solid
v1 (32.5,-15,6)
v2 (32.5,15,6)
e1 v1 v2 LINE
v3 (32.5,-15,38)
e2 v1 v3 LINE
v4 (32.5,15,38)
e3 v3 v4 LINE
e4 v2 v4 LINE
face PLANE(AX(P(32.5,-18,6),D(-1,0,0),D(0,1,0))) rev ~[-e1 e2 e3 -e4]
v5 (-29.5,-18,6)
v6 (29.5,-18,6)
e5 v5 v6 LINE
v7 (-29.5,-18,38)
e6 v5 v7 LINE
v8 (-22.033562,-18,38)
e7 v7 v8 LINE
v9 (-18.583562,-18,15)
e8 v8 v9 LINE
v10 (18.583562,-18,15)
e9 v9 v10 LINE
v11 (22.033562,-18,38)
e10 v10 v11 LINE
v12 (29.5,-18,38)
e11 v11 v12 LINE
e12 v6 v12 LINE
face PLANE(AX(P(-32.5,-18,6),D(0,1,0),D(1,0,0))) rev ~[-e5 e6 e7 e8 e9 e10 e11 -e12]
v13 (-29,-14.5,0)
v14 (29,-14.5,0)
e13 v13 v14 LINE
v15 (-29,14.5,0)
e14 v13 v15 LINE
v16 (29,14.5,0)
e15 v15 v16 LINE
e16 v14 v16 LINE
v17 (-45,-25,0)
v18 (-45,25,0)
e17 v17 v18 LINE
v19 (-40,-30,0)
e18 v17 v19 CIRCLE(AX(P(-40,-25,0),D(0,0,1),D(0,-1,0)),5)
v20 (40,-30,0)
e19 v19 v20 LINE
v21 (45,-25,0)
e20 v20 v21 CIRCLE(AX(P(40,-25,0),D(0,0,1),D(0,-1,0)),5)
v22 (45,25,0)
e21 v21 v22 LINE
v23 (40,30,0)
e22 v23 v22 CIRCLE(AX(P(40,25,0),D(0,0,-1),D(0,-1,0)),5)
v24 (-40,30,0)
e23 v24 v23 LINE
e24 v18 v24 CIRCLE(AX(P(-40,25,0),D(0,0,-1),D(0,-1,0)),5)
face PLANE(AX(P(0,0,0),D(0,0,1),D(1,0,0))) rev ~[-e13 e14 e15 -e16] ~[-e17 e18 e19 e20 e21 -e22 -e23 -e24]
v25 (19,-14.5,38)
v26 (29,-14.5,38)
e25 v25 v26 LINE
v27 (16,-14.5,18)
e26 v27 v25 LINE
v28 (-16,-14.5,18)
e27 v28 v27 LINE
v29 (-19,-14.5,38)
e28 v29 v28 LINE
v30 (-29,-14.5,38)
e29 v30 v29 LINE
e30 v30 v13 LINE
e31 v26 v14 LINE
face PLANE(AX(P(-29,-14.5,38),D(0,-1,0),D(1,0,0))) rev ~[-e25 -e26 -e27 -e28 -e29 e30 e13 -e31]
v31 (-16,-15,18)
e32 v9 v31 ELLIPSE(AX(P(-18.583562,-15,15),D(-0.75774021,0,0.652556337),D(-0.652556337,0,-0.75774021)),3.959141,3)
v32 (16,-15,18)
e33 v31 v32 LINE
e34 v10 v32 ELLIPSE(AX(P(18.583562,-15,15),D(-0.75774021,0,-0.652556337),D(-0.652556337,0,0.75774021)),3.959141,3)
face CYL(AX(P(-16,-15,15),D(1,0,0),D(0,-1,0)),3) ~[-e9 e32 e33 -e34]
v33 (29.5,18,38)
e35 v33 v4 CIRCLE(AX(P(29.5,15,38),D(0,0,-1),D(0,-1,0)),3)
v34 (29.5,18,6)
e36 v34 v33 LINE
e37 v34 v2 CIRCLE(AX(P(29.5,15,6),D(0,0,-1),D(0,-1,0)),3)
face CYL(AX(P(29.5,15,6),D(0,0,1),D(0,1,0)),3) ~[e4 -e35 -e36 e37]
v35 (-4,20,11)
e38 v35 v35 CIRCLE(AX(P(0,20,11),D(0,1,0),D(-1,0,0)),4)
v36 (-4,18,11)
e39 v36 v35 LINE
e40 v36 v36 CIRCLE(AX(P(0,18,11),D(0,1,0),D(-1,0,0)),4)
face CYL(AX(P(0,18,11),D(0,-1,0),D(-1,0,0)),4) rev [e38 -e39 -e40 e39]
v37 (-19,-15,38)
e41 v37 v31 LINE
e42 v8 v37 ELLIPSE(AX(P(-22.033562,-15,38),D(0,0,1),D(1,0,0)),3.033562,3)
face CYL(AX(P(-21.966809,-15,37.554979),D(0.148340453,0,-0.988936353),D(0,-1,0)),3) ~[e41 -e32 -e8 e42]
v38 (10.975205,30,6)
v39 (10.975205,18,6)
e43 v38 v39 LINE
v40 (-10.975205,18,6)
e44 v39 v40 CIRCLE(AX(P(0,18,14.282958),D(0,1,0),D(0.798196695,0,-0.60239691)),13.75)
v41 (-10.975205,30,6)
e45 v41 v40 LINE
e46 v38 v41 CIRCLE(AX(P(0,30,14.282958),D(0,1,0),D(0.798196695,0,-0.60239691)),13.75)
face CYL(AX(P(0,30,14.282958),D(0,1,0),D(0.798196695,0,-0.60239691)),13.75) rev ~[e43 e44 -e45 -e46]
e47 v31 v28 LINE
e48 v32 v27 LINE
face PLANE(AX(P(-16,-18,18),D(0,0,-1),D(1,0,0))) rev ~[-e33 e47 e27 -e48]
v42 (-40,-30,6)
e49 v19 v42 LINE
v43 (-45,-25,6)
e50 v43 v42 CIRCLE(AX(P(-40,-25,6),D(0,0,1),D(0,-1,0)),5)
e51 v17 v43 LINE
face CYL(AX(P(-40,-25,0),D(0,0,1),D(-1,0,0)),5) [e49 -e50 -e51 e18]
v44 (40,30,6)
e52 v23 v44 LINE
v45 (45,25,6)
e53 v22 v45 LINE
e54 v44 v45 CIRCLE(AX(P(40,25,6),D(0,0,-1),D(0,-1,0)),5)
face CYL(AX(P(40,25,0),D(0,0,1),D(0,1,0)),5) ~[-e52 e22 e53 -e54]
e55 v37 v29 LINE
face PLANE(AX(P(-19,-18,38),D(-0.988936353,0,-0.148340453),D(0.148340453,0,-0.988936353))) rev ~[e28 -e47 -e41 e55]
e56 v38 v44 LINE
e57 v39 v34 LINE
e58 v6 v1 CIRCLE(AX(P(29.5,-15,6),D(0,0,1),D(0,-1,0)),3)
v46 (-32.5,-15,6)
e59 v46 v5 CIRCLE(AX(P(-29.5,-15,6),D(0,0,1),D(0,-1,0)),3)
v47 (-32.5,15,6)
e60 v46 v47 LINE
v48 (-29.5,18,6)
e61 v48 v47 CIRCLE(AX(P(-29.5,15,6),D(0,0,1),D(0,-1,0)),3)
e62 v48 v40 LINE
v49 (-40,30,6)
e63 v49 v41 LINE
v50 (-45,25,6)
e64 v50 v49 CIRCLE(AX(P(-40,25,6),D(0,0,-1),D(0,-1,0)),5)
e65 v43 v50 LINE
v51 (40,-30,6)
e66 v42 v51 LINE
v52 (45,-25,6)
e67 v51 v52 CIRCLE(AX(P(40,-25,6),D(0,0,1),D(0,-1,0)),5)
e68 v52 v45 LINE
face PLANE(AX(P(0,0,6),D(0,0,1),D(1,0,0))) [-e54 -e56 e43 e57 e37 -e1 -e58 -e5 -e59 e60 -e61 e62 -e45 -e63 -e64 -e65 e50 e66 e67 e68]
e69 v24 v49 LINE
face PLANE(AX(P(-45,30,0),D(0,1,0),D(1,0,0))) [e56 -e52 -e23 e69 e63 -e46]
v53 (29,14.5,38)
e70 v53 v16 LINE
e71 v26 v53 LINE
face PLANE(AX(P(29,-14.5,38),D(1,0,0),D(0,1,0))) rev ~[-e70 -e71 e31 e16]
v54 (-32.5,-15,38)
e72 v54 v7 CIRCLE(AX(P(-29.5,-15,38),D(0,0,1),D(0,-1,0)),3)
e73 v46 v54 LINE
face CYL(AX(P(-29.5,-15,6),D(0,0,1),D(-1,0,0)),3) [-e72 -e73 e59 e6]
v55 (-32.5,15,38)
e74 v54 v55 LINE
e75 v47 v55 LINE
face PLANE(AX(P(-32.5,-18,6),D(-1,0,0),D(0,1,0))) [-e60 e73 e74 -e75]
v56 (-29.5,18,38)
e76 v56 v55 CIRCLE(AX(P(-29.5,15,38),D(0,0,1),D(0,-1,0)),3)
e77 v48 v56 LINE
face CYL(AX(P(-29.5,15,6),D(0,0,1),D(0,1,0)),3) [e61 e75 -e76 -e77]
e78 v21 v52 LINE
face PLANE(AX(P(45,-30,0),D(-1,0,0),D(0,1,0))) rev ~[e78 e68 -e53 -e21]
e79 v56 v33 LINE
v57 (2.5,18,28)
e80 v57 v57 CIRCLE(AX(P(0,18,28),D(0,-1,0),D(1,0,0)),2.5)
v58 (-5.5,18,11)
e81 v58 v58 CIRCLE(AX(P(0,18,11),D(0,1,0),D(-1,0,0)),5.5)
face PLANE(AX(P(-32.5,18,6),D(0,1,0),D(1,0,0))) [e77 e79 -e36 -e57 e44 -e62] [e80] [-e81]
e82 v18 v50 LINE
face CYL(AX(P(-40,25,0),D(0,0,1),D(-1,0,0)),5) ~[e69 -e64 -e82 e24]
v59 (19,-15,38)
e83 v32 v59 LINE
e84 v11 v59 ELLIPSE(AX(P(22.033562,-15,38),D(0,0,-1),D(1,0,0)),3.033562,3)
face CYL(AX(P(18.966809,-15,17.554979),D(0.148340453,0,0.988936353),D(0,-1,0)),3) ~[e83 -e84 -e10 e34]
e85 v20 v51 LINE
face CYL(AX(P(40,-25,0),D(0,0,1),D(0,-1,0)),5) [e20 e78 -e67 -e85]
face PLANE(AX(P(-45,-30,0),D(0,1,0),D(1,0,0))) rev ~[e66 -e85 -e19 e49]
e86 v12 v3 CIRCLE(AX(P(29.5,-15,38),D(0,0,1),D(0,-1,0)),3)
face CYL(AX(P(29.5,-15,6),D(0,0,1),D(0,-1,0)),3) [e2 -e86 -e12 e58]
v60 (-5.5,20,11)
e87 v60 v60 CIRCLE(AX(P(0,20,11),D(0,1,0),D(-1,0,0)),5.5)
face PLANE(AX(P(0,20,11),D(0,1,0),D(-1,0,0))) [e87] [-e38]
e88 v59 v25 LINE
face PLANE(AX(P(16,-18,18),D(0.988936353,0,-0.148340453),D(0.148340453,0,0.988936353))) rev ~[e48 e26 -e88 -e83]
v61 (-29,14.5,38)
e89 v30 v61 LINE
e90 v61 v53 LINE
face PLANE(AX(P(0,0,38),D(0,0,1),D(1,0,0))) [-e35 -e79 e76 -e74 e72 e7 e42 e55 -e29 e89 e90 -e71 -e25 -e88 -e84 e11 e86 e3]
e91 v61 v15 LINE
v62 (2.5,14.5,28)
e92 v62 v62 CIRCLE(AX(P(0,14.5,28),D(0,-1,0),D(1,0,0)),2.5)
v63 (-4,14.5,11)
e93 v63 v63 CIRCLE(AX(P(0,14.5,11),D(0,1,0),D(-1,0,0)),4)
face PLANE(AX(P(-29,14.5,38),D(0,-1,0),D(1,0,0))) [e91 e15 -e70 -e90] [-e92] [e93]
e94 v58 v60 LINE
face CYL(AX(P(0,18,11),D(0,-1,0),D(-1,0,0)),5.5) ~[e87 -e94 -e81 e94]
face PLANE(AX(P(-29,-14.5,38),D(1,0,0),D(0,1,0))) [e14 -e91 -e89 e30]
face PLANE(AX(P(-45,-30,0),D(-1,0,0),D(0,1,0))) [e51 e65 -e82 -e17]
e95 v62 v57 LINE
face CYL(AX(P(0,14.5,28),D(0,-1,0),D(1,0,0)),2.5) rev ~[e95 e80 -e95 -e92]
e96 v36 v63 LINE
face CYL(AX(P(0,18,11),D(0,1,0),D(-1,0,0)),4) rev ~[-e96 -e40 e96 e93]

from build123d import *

# Parameters (mm, degrees)
F0_W      = 90
F0_H      = 60
F1_DEPTH  = 6
F2_W      = 65
F2_H      = 36
F3_DEPTH  = 32
F4_W      = 58
F4_H      = 29
F5_DEPTH  = 38
F7_DEPTH  = 3.5
F8_R      = 2.5
F9_DEPTH  = 3.5
F11_DEPTH = 12
F12_R     = 5.5
F12_R_2   = 4
F13_DEPTH = 2
F14_DEPTH = 25
F15_R     = 5
F16_R     = 3


with BuildPart() as f1:
    # F0 (on Top) → F1 (new body)
    with BuildSketch(Plane.XY):
        Rectangle(F0_W, F0_H)
    extrude(amount=F1_DEPTH)

    # F2 (on face) → F3 (join)
    with BuildSketch(Plane.XY.offset(6)):
        Rectangle(F2_W, F2_H)
    extrude(amount=F3_DEPTH)

    # F4 (on face) → F5 (cut, through all)
    with BuildSketch(Plane.XY.offset(38)):
        Rectangle(F4_W, F4_H)
    extrude(amount=-F5_DEPTH, mode=Mode.SUBTRACT)

    # F6 (on face) → F7 (cut, through all)
    with BuildSketch(Plane.XZ.offset(18)):
        Polygon((19, 38), (-19, 38), (-16, 18), (0, 18), (16, 18), align=None)
    extrude(amount=-F7_DEPTH, mode=Mode.SUBTRACT)

    # F8 (on face) → F9 (cut, through all)
    with BuildSketch(Plane.XZ.offset(-14.5)):
        with Locations((0, 28)):
            Circle(F8_R)
    extrude(amount=-F9_DEPTH, mode=Mode.SUBTRACT)

    # F10 (on face) → F11 (cut, through all)
    with BuildSketch(Plane(origin=(0, 30, 0), x_dir=(-1, 0, 0), z_dir=(0, 1, 0))):
        with BuildLine():
            Line((10.9752045511, 6), (-10.9752045511, 6))
            ThreePointArc((-10.9752045511, 6), (0, 0.532957507), (10.9752045511, 6))
        make_face()
    extrude(amount=-F11_DEPTH, mode=Mode.SUBTRACT)

    # F12 (on face) → F13 (join)
    with BuildSketch(Plane(origin=(0, 18, 0), x_dir=(-1, 0, 0), z_dir=(0, 1, 0))):
        with Locations((0, 11)):
            Circle(F12_R)
        with Locations((0, 11)):
            Circle(F12_R_2, mode=Mode.SUBTRACT)
    extrude(amount=F13_DEPTH)

    # F14 (cut): a face of the model
    f14_faces = [f1.faces().sort_by_distance(p)[0] for p in [
        (0, 18, 11),
    ]]
    extrude(f14_faces, amount=-F14_DEPTH, mode=Mode.SUBTRACT)

    # F15
    f15_edges = [f1.edges().sort_by_distance(p)[0] for p in [
        (45, -30, 3),
        (45, 30, 3),
        (-45, -30, 3),
        (-45, 30, 3),
    ]]
    fillet(f15_edges, radius=F15_R)

    # F16
    f16_edges = [f1.edges().sort_by_distance(p)[0] for p in [
        (-32.5, 18, 22),
        (-32.5, -18, 22),
        (32.5, 18, 22),
        (32.5, -18, 22),
        (-17.5, -18, 28),
        (17.5, -18, 28),
        (0, -18, 18),
    ]]
    fillet(f16_edges, radius=F16_R)


solid = f1.part
